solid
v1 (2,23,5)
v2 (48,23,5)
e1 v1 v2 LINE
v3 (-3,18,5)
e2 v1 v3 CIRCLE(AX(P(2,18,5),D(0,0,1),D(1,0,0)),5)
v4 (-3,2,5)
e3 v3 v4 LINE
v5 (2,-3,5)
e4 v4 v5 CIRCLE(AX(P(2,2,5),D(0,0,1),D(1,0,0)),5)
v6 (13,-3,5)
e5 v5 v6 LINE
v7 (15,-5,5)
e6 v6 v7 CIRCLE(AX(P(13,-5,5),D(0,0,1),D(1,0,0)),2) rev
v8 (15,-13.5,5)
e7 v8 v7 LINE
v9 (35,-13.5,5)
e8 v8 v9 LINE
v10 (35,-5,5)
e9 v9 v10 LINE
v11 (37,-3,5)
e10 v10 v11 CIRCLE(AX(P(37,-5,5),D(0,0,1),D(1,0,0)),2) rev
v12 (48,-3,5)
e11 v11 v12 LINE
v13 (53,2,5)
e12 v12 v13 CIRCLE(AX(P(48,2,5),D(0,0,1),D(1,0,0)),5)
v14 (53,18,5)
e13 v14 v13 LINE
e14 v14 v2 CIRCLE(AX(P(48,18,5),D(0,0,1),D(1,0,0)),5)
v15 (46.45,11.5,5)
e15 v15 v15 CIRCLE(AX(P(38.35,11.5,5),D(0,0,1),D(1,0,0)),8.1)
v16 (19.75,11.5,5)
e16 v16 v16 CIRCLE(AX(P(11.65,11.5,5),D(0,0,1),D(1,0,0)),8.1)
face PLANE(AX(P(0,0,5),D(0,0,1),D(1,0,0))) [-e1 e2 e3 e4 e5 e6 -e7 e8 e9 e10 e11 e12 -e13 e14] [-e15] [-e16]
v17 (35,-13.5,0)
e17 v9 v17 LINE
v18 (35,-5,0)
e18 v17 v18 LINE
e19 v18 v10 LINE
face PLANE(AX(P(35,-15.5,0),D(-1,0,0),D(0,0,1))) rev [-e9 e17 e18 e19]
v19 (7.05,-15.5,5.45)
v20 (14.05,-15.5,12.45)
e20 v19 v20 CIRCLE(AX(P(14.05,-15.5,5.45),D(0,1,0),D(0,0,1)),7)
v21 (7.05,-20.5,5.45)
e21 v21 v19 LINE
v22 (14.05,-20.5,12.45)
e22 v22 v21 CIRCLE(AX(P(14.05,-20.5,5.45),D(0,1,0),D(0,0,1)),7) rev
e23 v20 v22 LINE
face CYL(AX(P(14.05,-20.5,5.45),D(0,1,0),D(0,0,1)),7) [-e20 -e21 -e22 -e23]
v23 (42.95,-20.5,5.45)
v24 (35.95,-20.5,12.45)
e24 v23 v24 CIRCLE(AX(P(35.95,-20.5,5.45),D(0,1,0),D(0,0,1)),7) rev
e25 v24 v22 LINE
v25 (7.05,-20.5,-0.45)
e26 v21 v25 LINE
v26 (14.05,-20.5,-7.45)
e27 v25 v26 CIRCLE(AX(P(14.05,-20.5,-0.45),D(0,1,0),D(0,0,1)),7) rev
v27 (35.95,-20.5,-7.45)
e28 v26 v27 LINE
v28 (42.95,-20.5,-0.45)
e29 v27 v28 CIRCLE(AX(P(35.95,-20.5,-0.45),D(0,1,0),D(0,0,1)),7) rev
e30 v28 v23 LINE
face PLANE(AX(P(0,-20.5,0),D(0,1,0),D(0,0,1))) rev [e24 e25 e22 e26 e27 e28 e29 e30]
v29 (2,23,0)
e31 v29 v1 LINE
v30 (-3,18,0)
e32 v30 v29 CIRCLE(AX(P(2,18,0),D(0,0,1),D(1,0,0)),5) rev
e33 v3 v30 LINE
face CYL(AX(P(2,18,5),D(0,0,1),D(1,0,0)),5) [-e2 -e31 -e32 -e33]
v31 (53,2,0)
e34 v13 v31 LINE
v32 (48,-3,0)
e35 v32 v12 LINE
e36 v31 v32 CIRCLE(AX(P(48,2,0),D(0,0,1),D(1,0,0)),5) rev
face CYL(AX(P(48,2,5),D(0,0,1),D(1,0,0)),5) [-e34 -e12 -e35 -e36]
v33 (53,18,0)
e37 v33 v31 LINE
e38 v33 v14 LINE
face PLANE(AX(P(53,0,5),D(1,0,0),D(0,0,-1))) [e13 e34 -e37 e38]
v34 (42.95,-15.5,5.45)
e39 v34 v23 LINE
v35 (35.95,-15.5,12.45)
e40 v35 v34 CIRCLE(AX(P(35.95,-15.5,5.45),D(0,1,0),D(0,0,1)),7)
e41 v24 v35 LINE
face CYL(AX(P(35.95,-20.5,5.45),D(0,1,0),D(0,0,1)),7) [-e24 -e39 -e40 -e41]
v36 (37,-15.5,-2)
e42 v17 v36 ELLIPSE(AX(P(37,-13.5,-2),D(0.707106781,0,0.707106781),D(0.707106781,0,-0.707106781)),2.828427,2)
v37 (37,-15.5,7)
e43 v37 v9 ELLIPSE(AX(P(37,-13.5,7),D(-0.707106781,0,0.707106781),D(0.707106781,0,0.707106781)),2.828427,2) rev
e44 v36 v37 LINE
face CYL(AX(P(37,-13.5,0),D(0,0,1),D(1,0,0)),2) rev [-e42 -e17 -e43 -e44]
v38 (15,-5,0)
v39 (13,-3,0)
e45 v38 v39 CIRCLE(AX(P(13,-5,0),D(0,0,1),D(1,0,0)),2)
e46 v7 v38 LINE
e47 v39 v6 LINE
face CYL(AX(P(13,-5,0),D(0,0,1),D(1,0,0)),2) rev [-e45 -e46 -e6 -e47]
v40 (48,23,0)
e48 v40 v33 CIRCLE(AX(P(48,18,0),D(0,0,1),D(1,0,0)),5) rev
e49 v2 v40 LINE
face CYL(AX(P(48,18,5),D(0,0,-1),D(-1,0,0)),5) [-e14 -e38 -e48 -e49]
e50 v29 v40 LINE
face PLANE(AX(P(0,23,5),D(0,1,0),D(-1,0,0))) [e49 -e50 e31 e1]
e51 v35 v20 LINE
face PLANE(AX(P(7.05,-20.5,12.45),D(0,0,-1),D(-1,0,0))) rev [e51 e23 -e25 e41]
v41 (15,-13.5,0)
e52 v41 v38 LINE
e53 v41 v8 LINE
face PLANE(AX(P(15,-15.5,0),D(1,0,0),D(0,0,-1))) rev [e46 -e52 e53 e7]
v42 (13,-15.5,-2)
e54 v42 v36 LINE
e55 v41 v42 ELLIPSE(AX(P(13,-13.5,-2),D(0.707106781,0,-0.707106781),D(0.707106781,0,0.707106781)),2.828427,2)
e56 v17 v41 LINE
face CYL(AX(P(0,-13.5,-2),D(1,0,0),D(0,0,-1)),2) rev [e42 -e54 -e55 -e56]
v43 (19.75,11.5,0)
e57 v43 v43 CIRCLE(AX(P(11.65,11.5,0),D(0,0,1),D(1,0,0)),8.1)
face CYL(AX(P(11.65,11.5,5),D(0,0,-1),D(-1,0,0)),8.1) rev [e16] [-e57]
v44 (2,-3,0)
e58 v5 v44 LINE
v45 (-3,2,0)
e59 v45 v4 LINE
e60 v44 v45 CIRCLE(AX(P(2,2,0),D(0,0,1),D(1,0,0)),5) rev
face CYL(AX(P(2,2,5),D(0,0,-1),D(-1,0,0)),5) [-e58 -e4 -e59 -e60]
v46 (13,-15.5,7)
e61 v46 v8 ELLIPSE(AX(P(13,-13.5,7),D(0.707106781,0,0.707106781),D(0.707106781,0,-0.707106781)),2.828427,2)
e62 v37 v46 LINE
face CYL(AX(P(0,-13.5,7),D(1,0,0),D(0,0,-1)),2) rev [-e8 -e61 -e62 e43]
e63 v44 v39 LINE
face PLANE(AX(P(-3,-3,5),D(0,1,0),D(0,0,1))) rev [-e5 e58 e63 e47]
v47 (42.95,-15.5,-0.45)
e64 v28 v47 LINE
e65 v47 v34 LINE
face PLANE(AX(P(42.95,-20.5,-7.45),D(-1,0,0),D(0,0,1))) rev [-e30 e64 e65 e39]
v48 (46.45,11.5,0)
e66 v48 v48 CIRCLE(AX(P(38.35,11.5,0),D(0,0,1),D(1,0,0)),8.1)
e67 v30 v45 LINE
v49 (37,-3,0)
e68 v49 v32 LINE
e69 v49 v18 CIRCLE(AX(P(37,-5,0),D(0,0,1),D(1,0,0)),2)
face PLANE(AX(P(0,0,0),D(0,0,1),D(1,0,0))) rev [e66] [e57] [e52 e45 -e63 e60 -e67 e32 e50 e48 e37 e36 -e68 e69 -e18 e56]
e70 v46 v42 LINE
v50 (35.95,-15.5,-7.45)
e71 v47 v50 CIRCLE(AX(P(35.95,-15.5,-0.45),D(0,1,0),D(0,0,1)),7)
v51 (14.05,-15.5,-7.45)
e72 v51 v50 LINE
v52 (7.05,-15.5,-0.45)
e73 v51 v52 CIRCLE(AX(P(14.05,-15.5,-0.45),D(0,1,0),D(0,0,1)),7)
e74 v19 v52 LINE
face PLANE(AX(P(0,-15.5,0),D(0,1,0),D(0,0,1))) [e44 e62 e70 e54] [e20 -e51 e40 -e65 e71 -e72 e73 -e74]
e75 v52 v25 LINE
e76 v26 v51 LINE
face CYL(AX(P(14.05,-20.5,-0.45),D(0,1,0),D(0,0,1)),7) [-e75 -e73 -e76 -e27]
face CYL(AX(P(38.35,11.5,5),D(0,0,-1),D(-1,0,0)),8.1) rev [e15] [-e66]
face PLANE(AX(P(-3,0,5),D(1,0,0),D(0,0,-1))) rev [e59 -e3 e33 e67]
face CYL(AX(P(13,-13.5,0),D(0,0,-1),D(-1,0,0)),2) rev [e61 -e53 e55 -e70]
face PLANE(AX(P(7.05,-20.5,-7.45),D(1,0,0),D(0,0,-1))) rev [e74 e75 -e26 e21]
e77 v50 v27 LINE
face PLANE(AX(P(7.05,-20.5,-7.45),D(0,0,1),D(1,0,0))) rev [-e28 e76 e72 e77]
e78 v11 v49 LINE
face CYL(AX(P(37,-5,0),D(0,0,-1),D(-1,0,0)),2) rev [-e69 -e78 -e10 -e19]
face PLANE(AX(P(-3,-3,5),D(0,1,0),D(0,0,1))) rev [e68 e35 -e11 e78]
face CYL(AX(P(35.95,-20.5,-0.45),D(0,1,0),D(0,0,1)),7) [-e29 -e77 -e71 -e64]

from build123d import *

# Parameters (mm, degrees)
SKETCH1_W           = 3
SKETCH1_H           = 23
SKETCH1_W_2         = 56
SKETCH1_H_2         = 3
BOSS_EXTRUDE1_DEPTH = 5
SKETCH7_W           = 20
SKETCH7_H           = 5
BOSS_EXTRUDE7_DEPTH = 12.5
SKETCH8_W           = 35.9
SKETCH8_H           = 19.9
BOSS_EXTRUDE8_DEPTH = 5
FILLET3_R           = 5
FILLET5_R           = 2
FILLET9_R           = 2
FILLET10_R          = 7


with BuildPart() as part:
    # Sketch1 → Boss-Extrude1 (new body)
    with BuildSketch(Plane.XY):
        with BuildLine():
            Line((50, 11.5), (46.45, 11.5))
            ThreePointArc((46.45, 11.5), (38.35, 3.4), (30.25, 11.5))
            Line((30.25, 11.5), (19.75, 11.5))
            ThreePointArc((19.75, 11.5), (11.65, 3.4), (3.55, 11.5))
            Line((3.55, 11.5), (0, 11.5))
            Line((0, 11.5), (0, 0))
            Line((0, 0), (50, 0))
            Line((50, 0), (50, 11.5))
        make_face()
        with BuildLine():
            ThreePointArc((30.25, 11.5), (38.35, 19.6), (46.45, 11.5))
            Line((46.45, 11.5), (50, 11.5))
            Line((50, 11.5), (50, 23))
            Line((50, 23), (0, 23))
            Line((0, 23), (0, 11.5))
            Line((0, 11.5), (3.55, 11.5))
            ThreePointArc((3.55, 11.5), (11.65, 19.6), (19.75, 11.5))
            Line((19.75, 11.5), (30.25, 11.5))
        make_face()
        with Locations((-1.5, 11.5)):
            Rectangle(SKETCH1_W, SKETCH1_H)
        with Locations((51.5, 11.5)):
            Rectangle(SKETCH1_W, SKETCH1_H)
        with Locations((25, -1.5)):
            Rectangle(SKETCH1_W_2, SKETCH1_H_2)
    extrude(amount=BOSS_EXTRUDE1_DEPTH)

    # Sketch7 → Boss-Extrude7 (add)
    with BuildSketch(Plane.XZ.offset(3)):
        with Locations((25, 2.5)):
            Rectangle(SKETCH7_W, SKETCH7_H)
    extrude(amount=BOSS_EXTRUDE7_DEPTH)

    # Sketch8 → Boss-Extrude8 (add)
    with BuildSketch(Plane.XZ.offset(15.5)):
        with Locations((25, 2.5)):
            Rectangle(SKETCH8_W, SKETCH8_H)
    extrude(amount=BOSS_EXTRUDE8_DEPTH)

    # Fillet3
    fillet3_edges = [part.edges().sort_by_distance(p)[0] for p in [
        (53, 23, 2.5),
        (-3, 23, 2.5),
        (53, -3, 2.5),
        (-3, -3, 2.5),
    ]]
    fillet(fillet3_edges, radius=FILLET3_R)

    # Fillet5
    fillet5_edges = [part.edges().sort_by_distance(p)[0] for p in [
        (35, -3, 2.5),
        (15, -3, 2.5),
    ]]
    fillet(fillet5_edges, radius=FILLET5_R)

    # Fillet9
    fillet9_edges = [part.edges().sort_by_distance(p)[0] for p in [
        (35, -15.5, 2.5),
        (25, -15.5, 5),
        (15, -15.5, 2.5),
        (25, -15.5, 0),
    ]]
    fillet(fillet9_edges, radius=FILLET9_R)

    # Fillet10
    fillet10_edges = [part.edges().sort_by_distance(p)[0] for p in [
        (42.95, -18, -7.45),
        (42.95, -18, 12.45),
        (7.05, -18, 12.45),
        (7.05, -18, -7.45),
    ]]
    fillet(fillet10_edges, radius=FILLET10_R)


solid = part.part
